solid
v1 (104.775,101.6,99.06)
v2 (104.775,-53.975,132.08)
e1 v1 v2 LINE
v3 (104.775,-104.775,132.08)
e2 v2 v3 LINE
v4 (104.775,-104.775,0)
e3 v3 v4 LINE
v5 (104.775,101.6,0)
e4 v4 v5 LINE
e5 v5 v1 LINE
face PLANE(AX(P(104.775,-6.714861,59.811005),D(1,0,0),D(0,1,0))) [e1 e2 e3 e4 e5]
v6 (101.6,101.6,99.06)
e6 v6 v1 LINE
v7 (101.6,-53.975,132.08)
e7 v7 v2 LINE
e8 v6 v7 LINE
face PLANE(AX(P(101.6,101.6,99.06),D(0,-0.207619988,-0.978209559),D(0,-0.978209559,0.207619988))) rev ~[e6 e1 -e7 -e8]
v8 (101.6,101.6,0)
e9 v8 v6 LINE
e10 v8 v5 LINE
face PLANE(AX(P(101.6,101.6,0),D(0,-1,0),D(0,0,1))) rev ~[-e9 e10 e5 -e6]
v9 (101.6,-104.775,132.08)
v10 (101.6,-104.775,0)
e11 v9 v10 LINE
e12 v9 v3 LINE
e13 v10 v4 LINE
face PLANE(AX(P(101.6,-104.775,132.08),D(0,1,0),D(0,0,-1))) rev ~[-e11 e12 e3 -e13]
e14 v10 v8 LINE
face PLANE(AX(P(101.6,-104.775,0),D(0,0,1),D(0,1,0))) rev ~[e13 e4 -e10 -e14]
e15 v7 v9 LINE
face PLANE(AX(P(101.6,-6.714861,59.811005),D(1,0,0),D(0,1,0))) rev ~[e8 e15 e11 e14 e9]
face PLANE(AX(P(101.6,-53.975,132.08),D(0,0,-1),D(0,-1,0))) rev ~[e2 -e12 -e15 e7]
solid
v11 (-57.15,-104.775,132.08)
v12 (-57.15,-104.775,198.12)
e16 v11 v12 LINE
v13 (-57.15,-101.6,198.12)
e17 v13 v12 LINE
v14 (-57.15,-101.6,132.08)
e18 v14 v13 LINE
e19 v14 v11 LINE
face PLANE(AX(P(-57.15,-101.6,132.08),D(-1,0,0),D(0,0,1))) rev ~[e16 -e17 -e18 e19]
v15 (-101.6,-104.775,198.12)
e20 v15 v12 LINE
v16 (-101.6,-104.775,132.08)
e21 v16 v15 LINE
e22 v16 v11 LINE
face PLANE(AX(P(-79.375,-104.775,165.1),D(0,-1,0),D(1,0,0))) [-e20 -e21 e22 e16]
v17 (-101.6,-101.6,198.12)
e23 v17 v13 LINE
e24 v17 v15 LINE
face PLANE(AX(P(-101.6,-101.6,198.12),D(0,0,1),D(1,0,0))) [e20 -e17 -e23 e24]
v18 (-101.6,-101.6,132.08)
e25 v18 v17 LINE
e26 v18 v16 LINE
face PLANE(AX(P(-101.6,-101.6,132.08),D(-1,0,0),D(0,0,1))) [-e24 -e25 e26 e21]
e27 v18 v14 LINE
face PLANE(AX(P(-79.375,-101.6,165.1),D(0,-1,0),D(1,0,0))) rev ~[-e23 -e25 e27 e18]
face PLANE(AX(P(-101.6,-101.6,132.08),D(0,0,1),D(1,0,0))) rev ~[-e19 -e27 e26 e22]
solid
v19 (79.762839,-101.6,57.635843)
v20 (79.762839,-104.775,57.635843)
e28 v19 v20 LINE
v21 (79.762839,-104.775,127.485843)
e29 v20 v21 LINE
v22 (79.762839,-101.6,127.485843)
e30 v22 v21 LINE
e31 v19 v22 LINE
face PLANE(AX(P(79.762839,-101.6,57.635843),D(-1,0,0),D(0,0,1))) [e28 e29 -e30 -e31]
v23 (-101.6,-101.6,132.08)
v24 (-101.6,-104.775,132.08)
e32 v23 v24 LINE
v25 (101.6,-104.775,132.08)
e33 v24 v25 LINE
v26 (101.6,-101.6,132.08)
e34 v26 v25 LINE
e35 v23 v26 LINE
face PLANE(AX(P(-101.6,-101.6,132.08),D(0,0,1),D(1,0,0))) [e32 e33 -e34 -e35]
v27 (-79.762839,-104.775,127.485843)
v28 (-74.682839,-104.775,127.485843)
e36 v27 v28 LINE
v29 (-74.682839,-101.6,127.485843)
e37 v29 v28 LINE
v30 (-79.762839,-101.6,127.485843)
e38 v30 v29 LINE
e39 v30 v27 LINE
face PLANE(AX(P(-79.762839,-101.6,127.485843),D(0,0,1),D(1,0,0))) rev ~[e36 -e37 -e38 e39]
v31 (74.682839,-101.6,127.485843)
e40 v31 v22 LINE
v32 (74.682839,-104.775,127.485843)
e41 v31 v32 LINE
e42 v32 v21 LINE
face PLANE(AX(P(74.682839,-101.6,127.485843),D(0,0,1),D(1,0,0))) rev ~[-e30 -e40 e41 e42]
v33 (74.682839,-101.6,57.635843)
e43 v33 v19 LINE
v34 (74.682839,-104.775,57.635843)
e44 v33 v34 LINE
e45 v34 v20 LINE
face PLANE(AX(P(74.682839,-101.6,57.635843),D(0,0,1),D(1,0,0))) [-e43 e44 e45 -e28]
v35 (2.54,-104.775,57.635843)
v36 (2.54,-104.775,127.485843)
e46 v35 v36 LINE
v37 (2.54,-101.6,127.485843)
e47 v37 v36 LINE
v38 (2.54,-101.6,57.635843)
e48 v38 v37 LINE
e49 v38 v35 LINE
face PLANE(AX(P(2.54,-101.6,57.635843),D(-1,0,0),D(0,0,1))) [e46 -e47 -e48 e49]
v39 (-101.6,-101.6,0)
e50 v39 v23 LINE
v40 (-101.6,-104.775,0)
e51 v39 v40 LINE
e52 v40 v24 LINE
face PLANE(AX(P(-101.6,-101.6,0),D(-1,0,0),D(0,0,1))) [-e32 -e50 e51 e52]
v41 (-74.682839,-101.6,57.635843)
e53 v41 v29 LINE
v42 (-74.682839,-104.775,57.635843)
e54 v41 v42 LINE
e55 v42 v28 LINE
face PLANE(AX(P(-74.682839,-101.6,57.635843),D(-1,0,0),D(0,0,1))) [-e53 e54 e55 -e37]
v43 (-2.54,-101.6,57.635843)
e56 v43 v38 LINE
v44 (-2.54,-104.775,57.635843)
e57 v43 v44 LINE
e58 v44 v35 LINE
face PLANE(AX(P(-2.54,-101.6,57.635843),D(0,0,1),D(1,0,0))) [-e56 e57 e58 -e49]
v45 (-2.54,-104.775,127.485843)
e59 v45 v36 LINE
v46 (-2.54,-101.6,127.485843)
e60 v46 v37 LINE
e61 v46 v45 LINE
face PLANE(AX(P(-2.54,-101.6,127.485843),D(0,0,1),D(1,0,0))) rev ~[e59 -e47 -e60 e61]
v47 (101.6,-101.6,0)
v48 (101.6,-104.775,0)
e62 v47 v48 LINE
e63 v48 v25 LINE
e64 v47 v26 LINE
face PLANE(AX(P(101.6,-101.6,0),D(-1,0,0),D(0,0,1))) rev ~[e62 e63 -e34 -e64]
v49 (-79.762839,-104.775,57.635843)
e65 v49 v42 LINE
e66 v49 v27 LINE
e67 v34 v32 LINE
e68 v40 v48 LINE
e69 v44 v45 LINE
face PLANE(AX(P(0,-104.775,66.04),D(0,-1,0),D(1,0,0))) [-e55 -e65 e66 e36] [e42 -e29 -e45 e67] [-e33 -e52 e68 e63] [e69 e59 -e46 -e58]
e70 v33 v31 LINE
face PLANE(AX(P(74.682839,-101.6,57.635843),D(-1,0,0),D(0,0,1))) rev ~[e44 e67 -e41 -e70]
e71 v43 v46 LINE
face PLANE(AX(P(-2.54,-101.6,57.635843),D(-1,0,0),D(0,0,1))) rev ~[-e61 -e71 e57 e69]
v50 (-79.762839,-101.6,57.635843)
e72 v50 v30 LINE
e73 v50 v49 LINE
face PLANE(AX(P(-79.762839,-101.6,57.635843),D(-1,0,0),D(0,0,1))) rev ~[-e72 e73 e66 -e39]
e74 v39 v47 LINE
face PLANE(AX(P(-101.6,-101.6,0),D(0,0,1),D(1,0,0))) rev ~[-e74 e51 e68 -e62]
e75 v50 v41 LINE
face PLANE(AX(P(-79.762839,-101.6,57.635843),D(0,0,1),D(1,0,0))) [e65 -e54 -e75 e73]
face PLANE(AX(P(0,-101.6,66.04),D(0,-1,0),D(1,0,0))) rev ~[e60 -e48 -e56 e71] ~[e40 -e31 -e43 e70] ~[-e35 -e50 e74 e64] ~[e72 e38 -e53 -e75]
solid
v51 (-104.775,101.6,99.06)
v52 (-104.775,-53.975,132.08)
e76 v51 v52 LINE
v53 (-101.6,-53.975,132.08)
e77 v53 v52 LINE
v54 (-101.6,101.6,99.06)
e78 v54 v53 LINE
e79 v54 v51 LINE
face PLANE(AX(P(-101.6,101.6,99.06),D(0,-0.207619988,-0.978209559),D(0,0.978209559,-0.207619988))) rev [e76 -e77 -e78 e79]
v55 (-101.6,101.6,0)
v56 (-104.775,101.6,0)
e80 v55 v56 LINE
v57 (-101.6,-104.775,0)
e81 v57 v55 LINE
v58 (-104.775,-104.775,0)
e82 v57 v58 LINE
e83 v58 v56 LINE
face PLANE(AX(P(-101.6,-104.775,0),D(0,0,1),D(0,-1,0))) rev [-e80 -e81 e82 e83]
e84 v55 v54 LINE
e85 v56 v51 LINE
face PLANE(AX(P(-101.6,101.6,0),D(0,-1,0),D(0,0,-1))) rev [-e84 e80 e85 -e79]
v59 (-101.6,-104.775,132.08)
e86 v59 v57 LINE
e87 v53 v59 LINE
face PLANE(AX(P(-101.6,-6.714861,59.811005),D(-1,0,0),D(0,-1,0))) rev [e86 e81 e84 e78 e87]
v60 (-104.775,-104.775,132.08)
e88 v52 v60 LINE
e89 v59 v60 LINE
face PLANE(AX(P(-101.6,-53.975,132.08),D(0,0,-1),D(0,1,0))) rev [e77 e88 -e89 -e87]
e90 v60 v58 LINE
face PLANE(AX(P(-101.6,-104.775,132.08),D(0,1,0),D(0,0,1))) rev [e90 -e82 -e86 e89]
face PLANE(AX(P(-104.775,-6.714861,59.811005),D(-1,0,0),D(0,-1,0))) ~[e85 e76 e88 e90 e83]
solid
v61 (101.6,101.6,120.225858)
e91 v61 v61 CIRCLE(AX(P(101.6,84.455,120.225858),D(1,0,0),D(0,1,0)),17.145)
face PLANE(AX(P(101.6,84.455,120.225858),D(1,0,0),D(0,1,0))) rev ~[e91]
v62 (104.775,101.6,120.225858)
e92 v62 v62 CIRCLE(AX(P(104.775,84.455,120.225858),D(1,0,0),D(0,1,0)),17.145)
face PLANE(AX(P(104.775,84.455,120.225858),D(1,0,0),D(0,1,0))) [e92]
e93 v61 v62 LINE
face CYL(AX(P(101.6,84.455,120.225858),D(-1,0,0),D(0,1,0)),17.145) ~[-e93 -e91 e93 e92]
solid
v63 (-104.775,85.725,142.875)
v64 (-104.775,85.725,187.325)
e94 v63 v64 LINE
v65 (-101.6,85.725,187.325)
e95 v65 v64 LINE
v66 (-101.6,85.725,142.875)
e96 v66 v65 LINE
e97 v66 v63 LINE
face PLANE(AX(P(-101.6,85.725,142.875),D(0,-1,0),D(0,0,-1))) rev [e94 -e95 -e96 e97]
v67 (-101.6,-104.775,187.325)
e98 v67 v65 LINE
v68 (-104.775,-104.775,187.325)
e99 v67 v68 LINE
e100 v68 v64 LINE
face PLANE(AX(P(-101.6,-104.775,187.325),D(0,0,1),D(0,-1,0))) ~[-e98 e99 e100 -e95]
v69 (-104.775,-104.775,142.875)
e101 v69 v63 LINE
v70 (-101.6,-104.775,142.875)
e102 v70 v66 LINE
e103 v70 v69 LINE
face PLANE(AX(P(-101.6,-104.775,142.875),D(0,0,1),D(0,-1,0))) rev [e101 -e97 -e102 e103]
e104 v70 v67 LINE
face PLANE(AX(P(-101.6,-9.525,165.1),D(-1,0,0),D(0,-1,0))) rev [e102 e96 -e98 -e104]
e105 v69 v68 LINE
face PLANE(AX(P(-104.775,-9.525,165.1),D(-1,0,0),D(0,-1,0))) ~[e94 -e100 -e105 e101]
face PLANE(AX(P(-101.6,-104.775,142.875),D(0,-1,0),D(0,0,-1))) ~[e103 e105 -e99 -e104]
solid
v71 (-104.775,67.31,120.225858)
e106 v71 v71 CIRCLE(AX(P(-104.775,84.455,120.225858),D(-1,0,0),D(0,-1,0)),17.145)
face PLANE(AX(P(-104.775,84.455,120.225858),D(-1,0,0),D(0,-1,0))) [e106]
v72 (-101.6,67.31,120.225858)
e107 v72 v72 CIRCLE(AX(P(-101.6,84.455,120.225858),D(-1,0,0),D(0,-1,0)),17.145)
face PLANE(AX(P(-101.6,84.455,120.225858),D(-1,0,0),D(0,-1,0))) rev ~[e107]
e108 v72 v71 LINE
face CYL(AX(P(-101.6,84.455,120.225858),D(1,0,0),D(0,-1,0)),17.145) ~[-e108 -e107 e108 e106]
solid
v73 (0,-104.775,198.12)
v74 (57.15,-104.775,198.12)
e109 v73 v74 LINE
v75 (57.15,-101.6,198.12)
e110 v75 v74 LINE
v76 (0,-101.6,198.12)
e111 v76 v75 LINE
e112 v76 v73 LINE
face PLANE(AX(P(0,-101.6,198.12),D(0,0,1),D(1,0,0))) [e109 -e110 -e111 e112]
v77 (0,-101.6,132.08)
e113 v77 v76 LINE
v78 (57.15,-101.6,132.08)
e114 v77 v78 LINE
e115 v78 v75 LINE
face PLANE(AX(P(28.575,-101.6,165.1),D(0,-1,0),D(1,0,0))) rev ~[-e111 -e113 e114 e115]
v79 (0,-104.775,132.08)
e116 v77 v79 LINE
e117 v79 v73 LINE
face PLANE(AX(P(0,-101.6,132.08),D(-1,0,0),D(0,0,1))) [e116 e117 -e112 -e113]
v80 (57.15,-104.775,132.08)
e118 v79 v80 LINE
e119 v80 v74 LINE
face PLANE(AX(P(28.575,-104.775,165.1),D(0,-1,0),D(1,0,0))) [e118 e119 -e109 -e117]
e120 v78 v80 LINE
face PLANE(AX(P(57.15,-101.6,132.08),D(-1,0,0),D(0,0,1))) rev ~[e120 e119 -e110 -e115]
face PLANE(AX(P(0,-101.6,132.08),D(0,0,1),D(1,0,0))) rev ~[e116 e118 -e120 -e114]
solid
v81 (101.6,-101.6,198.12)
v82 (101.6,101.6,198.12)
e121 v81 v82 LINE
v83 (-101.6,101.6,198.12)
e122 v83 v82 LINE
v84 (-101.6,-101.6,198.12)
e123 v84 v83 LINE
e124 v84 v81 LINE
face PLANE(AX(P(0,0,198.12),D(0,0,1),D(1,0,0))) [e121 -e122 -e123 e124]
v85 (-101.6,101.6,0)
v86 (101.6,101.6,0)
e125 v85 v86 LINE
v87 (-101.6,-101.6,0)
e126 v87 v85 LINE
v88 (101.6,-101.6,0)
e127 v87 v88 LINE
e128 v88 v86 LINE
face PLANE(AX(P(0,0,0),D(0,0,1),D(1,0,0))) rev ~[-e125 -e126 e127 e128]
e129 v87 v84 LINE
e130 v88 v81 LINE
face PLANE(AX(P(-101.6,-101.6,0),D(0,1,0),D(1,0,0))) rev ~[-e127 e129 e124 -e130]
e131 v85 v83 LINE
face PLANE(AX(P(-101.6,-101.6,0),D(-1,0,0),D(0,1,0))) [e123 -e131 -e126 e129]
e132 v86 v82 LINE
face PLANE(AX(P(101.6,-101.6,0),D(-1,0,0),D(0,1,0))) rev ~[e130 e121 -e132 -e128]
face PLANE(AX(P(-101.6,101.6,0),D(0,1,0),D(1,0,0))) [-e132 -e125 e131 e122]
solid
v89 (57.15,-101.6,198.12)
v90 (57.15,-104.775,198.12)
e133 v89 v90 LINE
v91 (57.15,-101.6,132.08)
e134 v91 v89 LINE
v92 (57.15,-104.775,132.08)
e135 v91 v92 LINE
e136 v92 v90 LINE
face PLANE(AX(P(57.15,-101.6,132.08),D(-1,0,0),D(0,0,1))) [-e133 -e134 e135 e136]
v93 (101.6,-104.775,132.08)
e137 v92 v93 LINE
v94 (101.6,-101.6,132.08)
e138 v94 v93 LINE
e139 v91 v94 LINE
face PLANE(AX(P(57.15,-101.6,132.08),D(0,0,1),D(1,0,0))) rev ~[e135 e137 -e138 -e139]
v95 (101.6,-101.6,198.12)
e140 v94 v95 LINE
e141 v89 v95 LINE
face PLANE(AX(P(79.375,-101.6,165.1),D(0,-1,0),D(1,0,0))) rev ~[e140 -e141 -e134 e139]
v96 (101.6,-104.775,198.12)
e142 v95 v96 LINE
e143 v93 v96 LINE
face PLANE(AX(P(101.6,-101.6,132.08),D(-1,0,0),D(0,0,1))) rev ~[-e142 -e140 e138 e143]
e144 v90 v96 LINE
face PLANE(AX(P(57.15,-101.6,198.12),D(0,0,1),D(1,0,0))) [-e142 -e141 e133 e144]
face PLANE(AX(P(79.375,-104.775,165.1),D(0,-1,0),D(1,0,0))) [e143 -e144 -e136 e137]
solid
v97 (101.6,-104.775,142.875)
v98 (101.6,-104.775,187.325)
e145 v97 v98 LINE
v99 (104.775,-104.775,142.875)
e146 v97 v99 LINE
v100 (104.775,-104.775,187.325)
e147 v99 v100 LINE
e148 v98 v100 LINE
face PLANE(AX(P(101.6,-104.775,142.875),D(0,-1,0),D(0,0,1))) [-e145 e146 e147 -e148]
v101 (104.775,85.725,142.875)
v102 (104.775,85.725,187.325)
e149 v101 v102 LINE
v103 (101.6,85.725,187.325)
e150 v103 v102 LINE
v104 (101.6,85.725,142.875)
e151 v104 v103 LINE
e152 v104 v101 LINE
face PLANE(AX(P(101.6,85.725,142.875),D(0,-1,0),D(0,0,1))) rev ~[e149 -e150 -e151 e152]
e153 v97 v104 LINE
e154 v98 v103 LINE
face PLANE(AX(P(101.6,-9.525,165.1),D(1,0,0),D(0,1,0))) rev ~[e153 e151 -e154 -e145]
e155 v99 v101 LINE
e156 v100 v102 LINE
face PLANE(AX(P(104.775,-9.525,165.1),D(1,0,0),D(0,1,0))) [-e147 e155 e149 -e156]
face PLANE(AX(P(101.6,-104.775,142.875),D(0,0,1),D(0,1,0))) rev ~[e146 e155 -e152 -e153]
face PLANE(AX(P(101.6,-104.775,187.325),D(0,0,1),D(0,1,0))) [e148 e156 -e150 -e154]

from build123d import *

# Parameters (mm, degrees)
F0_W      = 203.2
F0_H      = 203.2
F1_DEPTH  = 198.12
F2_W      = 203.2
F2_H      = 132.08
F2_W_2    = 5.08
F2_H_2    = 69.85
F3_DEPTH  = 3.175
F4_W      = 44.45
F4_H      = 66.04
F5_DEPTH  = 3.175
F6_W      = 57.15
F6_H      = 66.04
F7_DEPTH  = 3.175
F8_W      = 190.5
F8_H      = 44.45
F9_DEPTH  = 3.175
F11_DEPTH = 3.175
F13_R     = 17.145
F14_DEPTH = 3.175
F15_R     = 17.145
F16_DEPTH = 3.175


with BuildPart() as f1:
    # F0 (on Top) → F1 (new body)
    with BuildSketch(Plane.XY):
        Rectangle(F0_W, F0_H)
    extrude(amount=F1_DEPTH)


with BuildPart() as f3:
    # F2 (on face) → F3 (new body)
    with BuildSketch(Plane.XZ.offset(101.6)):
        with Locations((0, 66.04)):
            Rectangle(F2_W, F2_H)
        with Locations((-77.222839, 92.560843)):
            Rectangle(F2_W_2, F2_H_2, mode=Mode.SUBTRACT)
        with Locations((0, 92.560843)):
            Rectangle(F2_W_2, F2_H_2, mode=Mode.SUBTRACT)
        with Locations((77.222839, 92.560843)):
            Rectangle(F2_W_2, F2_H_2, mode=Mode.SUBTRACT)
    extrude(amount=F3_DEPTH)


with BuildPart() as f5:
    # F4 (on face) → F5 (new body)
    with BuildSketch(Plane.XZ.offset(101.6)):
        with Locations((-79.375, 165.1)):
            Rectangle(F4_W, F4_H)
        with Locations((79.375, 165.1)):
            Rectangle(F4_W, F4_H)
    extrude(amount=F5_DEPTH)


with BuildPart() as f7:
    # F6 (on face) → F7 (new body)
    with BuildSketch(Plane.XZ.offset(101.6)):
        with Locations((28.575, 165.1)):
            Rectangle(F6_W, F6_H)
    extrude(amount=F7_DEPTH)


with BuildPart() as f9:
    # F8 (on face) → F9 (new body)
    with BuildSketch(Plane.YZ.offset(101.6)):
        with Locations((-9.525, 165.1)):
            Rectangle(F8_W, F8_H)
    extrude(amount=F9_DEPTH)


with BuildPart() as f11:
    # F10 (on face) → F11 (new body)
    with BuildSketch(Plane.YZ.offset(101.6)):
        Polygon((-53.975, 132.08), (-104.775, 132.08), (-104.775, 0), (101.6, 0), (101.6, 99.06), align=None)
    extrude(amount=F11_DEPTH)


with BuildPart() as f12_1:
    # F12: instance of F11
    add(f11.part.mirror(Plane(origin=(0, -103.1875, 165.1), x_dir=(0, -1, 0), z_dir=(-1, 0, 0))))


with BuildPart() as f12_2:
    # F12: instance of F9
    add(f9.part.mirror(Plane(origin=(0, -103.1875, 165.1), x_dir=(0, -1, 0), z_dir=(-1, 0, 0))))


with BuildPart() as f14:
    # F13 (on face) → F14 (new body)
    with BuildSketch(Plane.YZ.offset(101.6)):
        with Locations((84.455, 120.225858)):
            Circle(F13_R)
    extrude(amount=F14_DEPTH)


with BuildPart() as f16:
    # F15 (on face) → F16 (new body)
    with BuildSketch(Plane(origin=(-101.6, 0, 0), x_dir=(0, -1, 0), z_dir=(-1, 0, 0))):
        with Locations((-84.455, 120.225858)):
            Circle(F15_R)
    extrude(amount=F16_DEPTH)


solid = Compound([f1.part, f3.part, f5.part, f7.part, f9.part, f11.part, f12_1.part, f12_2.part, f14.part, f16.part])
